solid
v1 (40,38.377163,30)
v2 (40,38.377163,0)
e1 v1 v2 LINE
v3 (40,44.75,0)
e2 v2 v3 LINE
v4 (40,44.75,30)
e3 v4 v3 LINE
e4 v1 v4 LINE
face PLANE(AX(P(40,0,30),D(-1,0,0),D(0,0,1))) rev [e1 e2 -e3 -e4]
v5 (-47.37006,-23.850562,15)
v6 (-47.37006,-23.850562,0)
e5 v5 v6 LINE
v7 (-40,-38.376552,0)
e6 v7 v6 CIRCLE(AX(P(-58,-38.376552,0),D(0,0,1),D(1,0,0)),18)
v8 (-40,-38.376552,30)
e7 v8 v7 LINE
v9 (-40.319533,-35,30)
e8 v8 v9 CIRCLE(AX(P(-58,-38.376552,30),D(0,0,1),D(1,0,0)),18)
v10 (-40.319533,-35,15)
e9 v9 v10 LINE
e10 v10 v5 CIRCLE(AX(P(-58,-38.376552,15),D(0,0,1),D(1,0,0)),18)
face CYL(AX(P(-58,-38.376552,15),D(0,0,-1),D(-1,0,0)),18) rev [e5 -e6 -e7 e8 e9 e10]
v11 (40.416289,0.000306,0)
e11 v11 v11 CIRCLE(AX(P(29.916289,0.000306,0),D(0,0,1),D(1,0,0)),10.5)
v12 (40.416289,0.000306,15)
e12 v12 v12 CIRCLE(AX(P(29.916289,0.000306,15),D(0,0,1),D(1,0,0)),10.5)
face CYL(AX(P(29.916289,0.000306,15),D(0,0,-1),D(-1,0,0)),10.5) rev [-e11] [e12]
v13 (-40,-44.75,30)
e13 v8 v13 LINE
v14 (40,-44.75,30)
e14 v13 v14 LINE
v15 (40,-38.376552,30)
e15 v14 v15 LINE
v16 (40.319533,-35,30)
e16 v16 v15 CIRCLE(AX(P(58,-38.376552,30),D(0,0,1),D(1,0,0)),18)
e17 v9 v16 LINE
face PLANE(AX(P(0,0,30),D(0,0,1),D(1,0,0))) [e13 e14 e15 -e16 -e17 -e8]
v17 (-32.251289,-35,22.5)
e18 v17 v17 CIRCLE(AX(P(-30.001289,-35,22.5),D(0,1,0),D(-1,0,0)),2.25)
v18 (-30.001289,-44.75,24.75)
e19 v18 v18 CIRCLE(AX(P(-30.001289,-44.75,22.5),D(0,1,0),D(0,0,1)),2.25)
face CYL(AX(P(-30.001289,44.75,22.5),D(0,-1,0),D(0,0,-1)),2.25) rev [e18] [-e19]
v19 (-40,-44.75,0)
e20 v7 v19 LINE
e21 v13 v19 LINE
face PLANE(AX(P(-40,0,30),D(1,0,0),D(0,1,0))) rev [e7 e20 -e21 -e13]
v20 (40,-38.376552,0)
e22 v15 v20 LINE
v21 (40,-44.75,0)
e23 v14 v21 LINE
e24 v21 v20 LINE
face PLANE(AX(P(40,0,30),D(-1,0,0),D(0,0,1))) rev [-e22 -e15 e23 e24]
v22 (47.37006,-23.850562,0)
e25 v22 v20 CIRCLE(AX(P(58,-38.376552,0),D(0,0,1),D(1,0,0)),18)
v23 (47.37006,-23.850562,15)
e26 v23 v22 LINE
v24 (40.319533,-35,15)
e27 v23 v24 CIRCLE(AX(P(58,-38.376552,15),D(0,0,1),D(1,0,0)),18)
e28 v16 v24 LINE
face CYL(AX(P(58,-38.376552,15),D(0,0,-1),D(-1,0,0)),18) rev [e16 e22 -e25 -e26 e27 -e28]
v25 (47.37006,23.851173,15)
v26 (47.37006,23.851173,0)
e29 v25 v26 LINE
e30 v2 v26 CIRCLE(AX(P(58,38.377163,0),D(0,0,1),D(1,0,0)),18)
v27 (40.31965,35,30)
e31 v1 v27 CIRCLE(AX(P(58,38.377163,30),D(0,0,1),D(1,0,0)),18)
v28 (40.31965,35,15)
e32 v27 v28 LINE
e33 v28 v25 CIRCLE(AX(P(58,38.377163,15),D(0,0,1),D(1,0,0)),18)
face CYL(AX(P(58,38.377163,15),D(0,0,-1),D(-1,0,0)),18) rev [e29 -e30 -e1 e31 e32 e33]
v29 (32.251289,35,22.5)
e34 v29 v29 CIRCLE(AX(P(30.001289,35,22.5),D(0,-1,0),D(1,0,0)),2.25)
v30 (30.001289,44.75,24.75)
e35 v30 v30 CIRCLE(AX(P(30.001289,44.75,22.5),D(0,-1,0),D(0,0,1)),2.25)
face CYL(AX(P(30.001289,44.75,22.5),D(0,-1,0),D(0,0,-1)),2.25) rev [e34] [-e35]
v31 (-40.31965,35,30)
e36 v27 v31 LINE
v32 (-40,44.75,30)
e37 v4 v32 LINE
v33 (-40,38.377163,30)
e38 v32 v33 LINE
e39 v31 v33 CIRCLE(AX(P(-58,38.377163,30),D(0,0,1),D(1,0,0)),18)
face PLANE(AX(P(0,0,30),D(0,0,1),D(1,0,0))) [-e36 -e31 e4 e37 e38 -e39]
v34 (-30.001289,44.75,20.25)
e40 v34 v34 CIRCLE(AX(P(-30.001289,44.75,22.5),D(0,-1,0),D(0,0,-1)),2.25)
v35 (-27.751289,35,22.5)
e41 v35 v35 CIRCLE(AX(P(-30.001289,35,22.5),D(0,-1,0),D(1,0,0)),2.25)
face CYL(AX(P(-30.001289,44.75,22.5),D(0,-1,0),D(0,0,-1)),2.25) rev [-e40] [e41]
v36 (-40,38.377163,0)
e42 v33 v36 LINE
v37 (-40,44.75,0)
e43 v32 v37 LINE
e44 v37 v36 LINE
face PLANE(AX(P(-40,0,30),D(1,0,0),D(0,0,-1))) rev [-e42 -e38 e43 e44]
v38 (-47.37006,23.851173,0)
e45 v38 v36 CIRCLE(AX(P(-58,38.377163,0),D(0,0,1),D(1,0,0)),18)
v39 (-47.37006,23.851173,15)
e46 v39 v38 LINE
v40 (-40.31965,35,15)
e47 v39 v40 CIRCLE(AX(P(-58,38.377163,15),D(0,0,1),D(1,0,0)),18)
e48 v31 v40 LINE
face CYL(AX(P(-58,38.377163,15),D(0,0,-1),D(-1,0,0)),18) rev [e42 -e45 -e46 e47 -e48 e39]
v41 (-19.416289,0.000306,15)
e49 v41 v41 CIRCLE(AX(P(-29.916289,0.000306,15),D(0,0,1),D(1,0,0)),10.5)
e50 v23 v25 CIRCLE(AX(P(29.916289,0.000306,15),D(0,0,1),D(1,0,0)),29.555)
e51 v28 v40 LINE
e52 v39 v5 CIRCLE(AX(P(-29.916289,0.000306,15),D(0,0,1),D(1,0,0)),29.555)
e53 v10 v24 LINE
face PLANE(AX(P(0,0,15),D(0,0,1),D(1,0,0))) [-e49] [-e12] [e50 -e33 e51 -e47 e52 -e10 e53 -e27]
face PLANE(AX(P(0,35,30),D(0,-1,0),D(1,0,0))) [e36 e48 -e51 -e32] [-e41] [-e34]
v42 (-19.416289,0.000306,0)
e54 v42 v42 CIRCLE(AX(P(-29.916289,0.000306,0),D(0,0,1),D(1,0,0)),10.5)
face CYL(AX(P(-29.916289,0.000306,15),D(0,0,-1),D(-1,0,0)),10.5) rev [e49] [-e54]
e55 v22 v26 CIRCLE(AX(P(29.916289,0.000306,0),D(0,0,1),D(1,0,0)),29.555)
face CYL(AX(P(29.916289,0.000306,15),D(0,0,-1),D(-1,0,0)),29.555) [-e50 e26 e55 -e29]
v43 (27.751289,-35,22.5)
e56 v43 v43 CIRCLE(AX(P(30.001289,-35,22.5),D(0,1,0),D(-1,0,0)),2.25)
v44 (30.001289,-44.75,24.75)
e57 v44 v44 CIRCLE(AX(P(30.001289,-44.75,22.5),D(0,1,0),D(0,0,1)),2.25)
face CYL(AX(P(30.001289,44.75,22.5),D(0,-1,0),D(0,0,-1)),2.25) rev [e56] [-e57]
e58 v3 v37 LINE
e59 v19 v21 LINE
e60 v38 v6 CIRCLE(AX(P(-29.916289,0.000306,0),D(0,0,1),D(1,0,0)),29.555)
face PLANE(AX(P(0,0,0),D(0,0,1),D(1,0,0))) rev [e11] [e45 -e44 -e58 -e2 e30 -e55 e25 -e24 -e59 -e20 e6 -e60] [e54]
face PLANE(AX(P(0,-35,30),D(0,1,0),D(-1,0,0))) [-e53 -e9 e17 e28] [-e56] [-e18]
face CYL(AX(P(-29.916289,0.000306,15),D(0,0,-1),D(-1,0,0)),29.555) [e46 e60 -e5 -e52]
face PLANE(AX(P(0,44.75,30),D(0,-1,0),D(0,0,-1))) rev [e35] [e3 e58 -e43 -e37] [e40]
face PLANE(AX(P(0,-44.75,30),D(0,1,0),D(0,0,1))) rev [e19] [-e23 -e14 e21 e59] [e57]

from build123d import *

# Parameters (mm, degrees)
SKETCH1_R               = 10.5
BOSS_EXTRUDE1_DEPTH     = 15
BOSS_EXTRUDE2_DEPTH     = 30
SKETCH2_R               = 2.25
CUT_EXTRUDE1_DEPTH      = 1
CUT_EXTRUDE1_DEPTH_BACK = 90.5


with BuildPart() as part:
    # Sketch1 → Boss-Extrude1 (new body)
    with BuildSketch(Plane.XY):
        with BuildLine():
            Line((-40.319533419, -35), (40.319533419, -35))
            ThreePointArc((40.319533419, -35), (42.786608734, -28.756118968), (47.370059804, -23.850562196))
            ThreePointArc((47.370059804, -23.850562196), (59.471288553, 0.00030559), (47.370059804, 23.851173376))
            ThreePointArc((47.370059804, 23.851173376), (42.786775017, 28.756467199), (40.31965015, 35))
            Line((40.31965015, 35), (-40.31965015, 35))
            ThreePointArc((-40.31965015, 35), (-42.786775017, 28.756467199), (-47.370059804, 23.851173376))
            ThreePointArc((-47.370059804, 23.851173376), (-59.471288553, 0.00030559), (-47.370059804, -23.850562196))
            ThreePointArc((-47.370059804, -23.850562196), (-42.786608734, -28.756118968), (-40.319533419, -35))
        make_face()
        with Locations((29.916288553, 0.00030559)):
            Circle(SKETCH1_R, mode=Mode.SUBTRACT)
        with Locations((-29.916288553, 0.00030559)):
            Circle(SKETCH1_R, mode=Mode.SUBTRACT)
    extrude(amount=BOSS_EXTRUDE1_DEPTH)

    # Sketch1_3 → Boss-Extrude2 (add)
    with BuildSketch(Plane.XY):
        with BuildLine():
            ThreePointArc((-40.31965015, 35), (-40.080090719, 36.681034549), (-40, 38.377162892))
            Line((-40, 38.377162892), (-40, 44.75))
            Line((-40, 44.75), (40, 44.75))
            Line((40, 44.75), (40, 38.377162892))
            ThreePointArc((40, 38.377162892), (40.080090719, 36.681034549), (40.31965015, 35))
            Line((40.31965015, 35), (-40.31965015, 35))
        make_face()
        with BuildLine():
            ThreePointArc((40.319533419, -35), (40.080061405, -36.6807331), (40, -38.376551713))
            Line((40, -38.376551713), (40, -44.75))
            Line((40, -44.75), (-40, -44.75))
            Line((-40, -44.75), (-40, -38.376551713))
            ThreePointArc((-40, -38.376551713), (-40.080061405, -36.6807331), (-40.319533419, -35))
            Line((-40.319533419, -35), (40.319533419, -35))
        make_face()
    extrude(amount=BOSS_EXTRUDE2_DEPTH)

    # Sketch2 → Cut-Extrude1 (cut, two sides)
    with BuildSketch(Plane.XZ.offset(44.75)) as cut_extrude1_sk:
        with Locations((-30.001288553, 22.5)):
            Circle(SKETCH2_R)
        with Locations((30.001288553, 22.5)):
            Circle(SKETCH2_R)
    extrude(amount=CUT_EXTRUDE1_DEPTH, mode=Mode.SUBTRACT)
    extrude(cut_extrude1_sk.sketch, amount=-CUT_EXTRUDE1_DEPTH_BACK, mode=Mode.SUBTRACT)


solid = part.part
